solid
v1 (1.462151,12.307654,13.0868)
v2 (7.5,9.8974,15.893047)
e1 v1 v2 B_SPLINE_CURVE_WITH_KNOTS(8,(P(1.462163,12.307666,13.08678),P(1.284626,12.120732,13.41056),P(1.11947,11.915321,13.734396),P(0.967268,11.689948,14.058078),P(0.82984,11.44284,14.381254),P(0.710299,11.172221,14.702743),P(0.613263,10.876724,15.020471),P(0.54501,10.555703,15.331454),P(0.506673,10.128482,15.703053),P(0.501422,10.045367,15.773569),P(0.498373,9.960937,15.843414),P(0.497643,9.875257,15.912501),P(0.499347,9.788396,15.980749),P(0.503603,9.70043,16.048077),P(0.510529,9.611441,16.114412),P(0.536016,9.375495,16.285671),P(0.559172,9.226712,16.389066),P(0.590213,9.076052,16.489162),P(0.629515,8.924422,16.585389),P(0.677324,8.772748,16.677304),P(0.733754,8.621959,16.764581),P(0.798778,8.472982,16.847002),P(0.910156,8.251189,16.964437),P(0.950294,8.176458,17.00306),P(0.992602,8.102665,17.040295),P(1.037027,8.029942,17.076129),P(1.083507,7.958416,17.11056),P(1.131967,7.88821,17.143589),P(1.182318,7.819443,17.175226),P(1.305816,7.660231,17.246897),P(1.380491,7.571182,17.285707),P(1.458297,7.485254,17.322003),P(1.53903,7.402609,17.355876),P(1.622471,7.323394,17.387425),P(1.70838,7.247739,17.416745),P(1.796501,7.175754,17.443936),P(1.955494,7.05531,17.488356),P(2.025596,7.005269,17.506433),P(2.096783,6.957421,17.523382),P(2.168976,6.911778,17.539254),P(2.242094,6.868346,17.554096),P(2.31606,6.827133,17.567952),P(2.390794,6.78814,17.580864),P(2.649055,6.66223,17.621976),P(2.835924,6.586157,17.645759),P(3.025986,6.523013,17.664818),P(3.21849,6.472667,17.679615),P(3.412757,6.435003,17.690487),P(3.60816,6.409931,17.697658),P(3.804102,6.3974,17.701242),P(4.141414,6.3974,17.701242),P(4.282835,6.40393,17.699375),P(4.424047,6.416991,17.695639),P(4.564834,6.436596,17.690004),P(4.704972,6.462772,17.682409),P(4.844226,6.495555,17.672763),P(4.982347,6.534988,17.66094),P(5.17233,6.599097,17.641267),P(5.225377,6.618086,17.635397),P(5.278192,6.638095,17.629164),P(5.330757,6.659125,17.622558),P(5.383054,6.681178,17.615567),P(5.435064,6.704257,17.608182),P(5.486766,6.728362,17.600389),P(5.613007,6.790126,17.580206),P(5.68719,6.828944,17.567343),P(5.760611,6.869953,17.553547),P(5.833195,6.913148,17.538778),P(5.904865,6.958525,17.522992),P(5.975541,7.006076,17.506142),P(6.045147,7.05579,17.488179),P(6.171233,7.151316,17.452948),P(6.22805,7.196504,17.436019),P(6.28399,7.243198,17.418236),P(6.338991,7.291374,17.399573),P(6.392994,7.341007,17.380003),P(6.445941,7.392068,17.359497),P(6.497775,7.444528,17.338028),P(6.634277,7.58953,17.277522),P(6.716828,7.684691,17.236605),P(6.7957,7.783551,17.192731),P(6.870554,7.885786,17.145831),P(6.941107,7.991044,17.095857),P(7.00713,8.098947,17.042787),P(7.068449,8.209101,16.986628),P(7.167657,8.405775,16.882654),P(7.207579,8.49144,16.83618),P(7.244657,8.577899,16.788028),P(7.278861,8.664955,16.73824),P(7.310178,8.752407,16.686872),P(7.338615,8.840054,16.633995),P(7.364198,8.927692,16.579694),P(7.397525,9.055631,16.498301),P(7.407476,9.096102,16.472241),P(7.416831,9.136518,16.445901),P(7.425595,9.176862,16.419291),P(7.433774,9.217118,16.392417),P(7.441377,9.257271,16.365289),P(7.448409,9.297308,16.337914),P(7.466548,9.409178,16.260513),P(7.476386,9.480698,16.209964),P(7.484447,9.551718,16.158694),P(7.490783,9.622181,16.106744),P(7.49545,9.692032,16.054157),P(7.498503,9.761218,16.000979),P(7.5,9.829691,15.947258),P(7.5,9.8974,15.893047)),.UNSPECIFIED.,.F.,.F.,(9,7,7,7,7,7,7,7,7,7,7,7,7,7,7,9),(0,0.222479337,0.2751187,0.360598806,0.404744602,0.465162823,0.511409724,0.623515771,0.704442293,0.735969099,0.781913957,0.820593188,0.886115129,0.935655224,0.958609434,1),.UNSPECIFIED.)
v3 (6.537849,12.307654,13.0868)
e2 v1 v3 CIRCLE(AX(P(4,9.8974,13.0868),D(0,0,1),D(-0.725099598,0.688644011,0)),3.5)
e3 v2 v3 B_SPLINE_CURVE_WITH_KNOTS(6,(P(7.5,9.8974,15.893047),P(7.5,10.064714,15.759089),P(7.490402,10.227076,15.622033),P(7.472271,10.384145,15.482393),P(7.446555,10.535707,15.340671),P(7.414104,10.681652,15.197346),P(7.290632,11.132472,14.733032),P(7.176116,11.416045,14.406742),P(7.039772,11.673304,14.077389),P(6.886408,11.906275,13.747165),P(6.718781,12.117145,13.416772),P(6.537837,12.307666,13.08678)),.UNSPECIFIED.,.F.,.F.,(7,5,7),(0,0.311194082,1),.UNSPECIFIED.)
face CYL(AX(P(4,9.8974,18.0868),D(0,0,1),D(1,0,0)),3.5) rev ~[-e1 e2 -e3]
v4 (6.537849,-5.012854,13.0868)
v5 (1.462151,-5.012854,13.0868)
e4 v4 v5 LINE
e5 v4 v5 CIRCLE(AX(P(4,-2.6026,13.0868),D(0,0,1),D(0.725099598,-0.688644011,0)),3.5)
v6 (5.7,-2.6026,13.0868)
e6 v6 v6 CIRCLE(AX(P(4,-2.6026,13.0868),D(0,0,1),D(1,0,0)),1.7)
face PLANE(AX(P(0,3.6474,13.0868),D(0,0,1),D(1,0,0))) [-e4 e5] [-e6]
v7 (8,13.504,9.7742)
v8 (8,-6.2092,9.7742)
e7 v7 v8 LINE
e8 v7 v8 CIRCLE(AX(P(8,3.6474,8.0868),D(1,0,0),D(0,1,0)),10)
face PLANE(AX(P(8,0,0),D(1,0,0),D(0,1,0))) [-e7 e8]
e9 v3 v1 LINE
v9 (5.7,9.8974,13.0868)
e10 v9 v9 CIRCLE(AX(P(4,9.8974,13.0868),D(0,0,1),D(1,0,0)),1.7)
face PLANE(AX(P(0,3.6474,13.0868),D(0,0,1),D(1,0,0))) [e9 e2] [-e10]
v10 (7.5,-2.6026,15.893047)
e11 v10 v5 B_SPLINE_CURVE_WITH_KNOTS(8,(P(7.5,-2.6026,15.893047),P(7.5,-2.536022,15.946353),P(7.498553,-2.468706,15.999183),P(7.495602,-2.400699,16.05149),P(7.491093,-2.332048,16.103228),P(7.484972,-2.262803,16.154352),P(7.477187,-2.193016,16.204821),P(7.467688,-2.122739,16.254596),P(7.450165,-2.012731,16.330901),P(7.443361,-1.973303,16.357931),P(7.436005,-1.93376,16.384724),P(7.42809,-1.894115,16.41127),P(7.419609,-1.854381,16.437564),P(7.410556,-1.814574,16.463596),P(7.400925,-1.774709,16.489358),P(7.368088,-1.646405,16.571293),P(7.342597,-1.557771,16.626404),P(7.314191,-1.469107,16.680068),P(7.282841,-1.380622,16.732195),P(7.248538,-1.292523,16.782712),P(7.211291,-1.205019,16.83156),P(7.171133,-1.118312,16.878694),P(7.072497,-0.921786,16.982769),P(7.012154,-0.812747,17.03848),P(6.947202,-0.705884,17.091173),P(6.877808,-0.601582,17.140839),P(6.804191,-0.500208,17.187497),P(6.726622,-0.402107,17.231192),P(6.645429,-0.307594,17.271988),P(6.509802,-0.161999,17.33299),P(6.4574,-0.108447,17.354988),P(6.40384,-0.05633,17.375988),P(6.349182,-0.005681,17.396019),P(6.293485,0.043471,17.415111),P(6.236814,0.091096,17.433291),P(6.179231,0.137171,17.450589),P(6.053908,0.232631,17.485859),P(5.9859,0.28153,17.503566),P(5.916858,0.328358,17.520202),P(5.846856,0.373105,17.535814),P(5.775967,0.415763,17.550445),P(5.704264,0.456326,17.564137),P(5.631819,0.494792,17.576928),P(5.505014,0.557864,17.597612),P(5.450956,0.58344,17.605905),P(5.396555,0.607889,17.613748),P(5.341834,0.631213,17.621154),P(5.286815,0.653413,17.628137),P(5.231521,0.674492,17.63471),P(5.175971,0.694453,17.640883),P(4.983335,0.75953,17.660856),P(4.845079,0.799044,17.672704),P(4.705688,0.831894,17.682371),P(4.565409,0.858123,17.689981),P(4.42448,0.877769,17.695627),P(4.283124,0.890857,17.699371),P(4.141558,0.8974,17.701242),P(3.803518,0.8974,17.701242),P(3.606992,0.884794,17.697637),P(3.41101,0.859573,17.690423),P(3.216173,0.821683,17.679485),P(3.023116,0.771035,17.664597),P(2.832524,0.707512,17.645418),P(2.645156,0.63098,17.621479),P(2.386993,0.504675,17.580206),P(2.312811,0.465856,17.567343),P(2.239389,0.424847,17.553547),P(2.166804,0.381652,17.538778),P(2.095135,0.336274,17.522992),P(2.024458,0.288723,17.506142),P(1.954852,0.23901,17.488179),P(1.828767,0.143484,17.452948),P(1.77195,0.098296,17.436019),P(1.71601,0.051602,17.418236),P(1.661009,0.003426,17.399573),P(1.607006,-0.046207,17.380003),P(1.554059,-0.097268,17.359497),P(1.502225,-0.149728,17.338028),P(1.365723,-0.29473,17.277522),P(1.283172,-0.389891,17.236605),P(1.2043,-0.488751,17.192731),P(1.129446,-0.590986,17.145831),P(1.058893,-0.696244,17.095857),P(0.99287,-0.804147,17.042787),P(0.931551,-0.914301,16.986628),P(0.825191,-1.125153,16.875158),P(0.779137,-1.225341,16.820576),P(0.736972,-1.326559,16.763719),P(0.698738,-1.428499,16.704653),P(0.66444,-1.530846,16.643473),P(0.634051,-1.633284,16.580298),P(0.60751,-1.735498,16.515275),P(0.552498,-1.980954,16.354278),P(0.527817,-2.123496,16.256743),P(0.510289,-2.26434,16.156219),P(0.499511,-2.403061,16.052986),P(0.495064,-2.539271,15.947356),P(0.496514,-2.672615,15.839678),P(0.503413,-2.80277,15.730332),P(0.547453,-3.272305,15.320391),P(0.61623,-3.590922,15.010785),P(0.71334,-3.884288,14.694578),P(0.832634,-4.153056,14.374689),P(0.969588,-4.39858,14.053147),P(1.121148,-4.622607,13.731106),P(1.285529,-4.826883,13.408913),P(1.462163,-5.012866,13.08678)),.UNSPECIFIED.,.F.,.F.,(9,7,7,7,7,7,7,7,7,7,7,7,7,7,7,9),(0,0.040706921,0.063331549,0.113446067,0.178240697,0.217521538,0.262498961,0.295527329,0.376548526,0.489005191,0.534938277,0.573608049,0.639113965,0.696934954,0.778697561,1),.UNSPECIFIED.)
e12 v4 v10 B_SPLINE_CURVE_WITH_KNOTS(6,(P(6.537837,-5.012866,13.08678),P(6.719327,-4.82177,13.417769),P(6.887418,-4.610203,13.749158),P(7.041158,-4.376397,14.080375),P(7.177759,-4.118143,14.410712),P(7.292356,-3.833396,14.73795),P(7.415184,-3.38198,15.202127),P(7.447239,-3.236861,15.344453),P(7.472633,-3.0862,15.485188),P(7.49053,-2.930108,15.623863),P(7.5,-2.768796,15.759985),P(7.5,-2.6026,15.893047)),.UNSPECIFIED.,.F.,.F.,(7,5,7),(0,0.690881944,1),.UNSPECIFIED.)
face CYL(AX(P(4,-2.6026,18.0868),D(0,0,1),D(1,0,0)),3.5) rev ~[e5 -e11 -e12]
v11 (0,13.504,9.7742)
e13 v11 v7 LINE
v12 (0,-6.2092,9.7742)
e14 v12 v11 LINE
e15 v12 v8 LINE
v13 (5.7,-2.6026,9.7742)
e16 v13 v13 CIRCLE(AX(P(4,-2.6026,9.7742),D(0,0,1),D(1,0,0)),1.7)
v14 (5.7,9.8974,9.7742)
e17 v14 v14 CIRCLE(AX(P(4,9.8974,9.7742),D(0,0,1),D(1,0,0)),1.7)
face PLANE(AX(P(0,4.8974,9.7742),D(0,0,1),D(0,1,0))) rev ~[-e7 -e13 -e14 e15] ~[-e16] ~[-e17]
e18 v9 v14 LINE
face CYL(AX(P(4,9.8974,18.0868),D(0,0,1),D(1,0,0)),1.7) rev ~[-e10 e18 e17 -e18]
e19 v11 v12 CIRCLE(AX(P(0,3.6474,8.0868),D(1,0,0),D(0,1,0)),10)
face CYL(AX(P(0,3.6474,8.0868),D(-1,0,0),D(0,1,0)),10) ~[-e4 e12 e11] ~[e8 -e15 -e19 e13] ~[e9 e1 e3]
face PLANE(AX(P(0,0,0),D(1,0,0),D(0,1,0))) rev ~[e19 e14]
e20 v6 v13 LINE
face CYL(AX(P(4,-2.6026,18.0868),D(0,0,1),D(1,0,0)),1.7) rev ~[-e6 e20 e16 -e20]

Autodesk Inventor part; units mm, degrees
ref_plane "YZ Plane" through (0, 0, 0) normal (1, 0, 0) x (0, 1, 0)
ref_plane "XZ Plane" through (0, 0, 0) normal (0, 1, 0) x (-1, 0, 0)
sketch "スケッチ1" plane through (0, 0, 0) normal (1, 0, 0) x (0, 1, 0)
  circle A0 centre (3.6474, 8.0868) radius 10
  circle A1 centre (3.6474, 8.0868) radius 2.1
  line L0 (2.3974, 9.7742) -> (4.8974, 9.7742)
  line L1 (-4.3526, 14.0868) -> (-4.3526, 2.0868) construction
  line L2 (-1.3526, 16.747) -> (-1.3526, -0.5735) construction
  line L3 (2.3974, 9.7742) -> (13.504, 9.7742)
  line L4 (13.504, 9.7742) -> (-6.2092, 9.7742)
  point P0 (0, 0)
  point P1 (-6.3526, 8.0868)
  dimension "d0" = 20
  dimension "d1" = 4.2
  dimension "d2" = 2.5
  dimension "d3" = 3
  dimension "d4" = 5
extrude "押し出し1" add sketch "スケッチ1" along normal blind 8 contours L3 A1 L4 A0 | L0 A1 picked at (-3.121, 10.5193) picked at (3.6474, 9.9117)
ref_plane "作業平面1" through (0, 3.6474, 18.0868) normal (0, 0, 1) x (1, 0, 0)
sketch "スケッチ2" plane through (0, 3.6474, 18.0868) normal (0, 0, 1) x (1, 0, 0)
  circle A0 centre (4, -6.25) radius 1.7
  line L0 (8, -9.8566) -> (8, 9.8566) projected
  line L1 (0, -9.8566) -> (0, 9.8566) projected
  line L2 (0, -1.25) -> (8, -1.25)
  line L3 (8, 0) -> (0, 0)
  circle A1 centre (4, 6.25) radius 1.7
  circle A2 centre (4, -6.25) radius 3.5
  circle A3 centre (4, 6.25) radius 3.5
  point P0 (0, -3.6474)
  dimension "d7" = 3.4
  dimension "d9" = 4
  dimension "d10" = 1.25
  dimension "d11" = 5
  dimension "d14" = 7
  dimension "d15" = 7
extrude "押し出し2" cut sketch "スケッチ2" against normal blind 15 contours A0 | A1
extrude "押し出し3" cut sketch "スケッチ2" against normal blind 5 contours A0 | A2 | A3
properties part number "RZvector-v1-3DP-E-F" material "ABS プラスチック"
